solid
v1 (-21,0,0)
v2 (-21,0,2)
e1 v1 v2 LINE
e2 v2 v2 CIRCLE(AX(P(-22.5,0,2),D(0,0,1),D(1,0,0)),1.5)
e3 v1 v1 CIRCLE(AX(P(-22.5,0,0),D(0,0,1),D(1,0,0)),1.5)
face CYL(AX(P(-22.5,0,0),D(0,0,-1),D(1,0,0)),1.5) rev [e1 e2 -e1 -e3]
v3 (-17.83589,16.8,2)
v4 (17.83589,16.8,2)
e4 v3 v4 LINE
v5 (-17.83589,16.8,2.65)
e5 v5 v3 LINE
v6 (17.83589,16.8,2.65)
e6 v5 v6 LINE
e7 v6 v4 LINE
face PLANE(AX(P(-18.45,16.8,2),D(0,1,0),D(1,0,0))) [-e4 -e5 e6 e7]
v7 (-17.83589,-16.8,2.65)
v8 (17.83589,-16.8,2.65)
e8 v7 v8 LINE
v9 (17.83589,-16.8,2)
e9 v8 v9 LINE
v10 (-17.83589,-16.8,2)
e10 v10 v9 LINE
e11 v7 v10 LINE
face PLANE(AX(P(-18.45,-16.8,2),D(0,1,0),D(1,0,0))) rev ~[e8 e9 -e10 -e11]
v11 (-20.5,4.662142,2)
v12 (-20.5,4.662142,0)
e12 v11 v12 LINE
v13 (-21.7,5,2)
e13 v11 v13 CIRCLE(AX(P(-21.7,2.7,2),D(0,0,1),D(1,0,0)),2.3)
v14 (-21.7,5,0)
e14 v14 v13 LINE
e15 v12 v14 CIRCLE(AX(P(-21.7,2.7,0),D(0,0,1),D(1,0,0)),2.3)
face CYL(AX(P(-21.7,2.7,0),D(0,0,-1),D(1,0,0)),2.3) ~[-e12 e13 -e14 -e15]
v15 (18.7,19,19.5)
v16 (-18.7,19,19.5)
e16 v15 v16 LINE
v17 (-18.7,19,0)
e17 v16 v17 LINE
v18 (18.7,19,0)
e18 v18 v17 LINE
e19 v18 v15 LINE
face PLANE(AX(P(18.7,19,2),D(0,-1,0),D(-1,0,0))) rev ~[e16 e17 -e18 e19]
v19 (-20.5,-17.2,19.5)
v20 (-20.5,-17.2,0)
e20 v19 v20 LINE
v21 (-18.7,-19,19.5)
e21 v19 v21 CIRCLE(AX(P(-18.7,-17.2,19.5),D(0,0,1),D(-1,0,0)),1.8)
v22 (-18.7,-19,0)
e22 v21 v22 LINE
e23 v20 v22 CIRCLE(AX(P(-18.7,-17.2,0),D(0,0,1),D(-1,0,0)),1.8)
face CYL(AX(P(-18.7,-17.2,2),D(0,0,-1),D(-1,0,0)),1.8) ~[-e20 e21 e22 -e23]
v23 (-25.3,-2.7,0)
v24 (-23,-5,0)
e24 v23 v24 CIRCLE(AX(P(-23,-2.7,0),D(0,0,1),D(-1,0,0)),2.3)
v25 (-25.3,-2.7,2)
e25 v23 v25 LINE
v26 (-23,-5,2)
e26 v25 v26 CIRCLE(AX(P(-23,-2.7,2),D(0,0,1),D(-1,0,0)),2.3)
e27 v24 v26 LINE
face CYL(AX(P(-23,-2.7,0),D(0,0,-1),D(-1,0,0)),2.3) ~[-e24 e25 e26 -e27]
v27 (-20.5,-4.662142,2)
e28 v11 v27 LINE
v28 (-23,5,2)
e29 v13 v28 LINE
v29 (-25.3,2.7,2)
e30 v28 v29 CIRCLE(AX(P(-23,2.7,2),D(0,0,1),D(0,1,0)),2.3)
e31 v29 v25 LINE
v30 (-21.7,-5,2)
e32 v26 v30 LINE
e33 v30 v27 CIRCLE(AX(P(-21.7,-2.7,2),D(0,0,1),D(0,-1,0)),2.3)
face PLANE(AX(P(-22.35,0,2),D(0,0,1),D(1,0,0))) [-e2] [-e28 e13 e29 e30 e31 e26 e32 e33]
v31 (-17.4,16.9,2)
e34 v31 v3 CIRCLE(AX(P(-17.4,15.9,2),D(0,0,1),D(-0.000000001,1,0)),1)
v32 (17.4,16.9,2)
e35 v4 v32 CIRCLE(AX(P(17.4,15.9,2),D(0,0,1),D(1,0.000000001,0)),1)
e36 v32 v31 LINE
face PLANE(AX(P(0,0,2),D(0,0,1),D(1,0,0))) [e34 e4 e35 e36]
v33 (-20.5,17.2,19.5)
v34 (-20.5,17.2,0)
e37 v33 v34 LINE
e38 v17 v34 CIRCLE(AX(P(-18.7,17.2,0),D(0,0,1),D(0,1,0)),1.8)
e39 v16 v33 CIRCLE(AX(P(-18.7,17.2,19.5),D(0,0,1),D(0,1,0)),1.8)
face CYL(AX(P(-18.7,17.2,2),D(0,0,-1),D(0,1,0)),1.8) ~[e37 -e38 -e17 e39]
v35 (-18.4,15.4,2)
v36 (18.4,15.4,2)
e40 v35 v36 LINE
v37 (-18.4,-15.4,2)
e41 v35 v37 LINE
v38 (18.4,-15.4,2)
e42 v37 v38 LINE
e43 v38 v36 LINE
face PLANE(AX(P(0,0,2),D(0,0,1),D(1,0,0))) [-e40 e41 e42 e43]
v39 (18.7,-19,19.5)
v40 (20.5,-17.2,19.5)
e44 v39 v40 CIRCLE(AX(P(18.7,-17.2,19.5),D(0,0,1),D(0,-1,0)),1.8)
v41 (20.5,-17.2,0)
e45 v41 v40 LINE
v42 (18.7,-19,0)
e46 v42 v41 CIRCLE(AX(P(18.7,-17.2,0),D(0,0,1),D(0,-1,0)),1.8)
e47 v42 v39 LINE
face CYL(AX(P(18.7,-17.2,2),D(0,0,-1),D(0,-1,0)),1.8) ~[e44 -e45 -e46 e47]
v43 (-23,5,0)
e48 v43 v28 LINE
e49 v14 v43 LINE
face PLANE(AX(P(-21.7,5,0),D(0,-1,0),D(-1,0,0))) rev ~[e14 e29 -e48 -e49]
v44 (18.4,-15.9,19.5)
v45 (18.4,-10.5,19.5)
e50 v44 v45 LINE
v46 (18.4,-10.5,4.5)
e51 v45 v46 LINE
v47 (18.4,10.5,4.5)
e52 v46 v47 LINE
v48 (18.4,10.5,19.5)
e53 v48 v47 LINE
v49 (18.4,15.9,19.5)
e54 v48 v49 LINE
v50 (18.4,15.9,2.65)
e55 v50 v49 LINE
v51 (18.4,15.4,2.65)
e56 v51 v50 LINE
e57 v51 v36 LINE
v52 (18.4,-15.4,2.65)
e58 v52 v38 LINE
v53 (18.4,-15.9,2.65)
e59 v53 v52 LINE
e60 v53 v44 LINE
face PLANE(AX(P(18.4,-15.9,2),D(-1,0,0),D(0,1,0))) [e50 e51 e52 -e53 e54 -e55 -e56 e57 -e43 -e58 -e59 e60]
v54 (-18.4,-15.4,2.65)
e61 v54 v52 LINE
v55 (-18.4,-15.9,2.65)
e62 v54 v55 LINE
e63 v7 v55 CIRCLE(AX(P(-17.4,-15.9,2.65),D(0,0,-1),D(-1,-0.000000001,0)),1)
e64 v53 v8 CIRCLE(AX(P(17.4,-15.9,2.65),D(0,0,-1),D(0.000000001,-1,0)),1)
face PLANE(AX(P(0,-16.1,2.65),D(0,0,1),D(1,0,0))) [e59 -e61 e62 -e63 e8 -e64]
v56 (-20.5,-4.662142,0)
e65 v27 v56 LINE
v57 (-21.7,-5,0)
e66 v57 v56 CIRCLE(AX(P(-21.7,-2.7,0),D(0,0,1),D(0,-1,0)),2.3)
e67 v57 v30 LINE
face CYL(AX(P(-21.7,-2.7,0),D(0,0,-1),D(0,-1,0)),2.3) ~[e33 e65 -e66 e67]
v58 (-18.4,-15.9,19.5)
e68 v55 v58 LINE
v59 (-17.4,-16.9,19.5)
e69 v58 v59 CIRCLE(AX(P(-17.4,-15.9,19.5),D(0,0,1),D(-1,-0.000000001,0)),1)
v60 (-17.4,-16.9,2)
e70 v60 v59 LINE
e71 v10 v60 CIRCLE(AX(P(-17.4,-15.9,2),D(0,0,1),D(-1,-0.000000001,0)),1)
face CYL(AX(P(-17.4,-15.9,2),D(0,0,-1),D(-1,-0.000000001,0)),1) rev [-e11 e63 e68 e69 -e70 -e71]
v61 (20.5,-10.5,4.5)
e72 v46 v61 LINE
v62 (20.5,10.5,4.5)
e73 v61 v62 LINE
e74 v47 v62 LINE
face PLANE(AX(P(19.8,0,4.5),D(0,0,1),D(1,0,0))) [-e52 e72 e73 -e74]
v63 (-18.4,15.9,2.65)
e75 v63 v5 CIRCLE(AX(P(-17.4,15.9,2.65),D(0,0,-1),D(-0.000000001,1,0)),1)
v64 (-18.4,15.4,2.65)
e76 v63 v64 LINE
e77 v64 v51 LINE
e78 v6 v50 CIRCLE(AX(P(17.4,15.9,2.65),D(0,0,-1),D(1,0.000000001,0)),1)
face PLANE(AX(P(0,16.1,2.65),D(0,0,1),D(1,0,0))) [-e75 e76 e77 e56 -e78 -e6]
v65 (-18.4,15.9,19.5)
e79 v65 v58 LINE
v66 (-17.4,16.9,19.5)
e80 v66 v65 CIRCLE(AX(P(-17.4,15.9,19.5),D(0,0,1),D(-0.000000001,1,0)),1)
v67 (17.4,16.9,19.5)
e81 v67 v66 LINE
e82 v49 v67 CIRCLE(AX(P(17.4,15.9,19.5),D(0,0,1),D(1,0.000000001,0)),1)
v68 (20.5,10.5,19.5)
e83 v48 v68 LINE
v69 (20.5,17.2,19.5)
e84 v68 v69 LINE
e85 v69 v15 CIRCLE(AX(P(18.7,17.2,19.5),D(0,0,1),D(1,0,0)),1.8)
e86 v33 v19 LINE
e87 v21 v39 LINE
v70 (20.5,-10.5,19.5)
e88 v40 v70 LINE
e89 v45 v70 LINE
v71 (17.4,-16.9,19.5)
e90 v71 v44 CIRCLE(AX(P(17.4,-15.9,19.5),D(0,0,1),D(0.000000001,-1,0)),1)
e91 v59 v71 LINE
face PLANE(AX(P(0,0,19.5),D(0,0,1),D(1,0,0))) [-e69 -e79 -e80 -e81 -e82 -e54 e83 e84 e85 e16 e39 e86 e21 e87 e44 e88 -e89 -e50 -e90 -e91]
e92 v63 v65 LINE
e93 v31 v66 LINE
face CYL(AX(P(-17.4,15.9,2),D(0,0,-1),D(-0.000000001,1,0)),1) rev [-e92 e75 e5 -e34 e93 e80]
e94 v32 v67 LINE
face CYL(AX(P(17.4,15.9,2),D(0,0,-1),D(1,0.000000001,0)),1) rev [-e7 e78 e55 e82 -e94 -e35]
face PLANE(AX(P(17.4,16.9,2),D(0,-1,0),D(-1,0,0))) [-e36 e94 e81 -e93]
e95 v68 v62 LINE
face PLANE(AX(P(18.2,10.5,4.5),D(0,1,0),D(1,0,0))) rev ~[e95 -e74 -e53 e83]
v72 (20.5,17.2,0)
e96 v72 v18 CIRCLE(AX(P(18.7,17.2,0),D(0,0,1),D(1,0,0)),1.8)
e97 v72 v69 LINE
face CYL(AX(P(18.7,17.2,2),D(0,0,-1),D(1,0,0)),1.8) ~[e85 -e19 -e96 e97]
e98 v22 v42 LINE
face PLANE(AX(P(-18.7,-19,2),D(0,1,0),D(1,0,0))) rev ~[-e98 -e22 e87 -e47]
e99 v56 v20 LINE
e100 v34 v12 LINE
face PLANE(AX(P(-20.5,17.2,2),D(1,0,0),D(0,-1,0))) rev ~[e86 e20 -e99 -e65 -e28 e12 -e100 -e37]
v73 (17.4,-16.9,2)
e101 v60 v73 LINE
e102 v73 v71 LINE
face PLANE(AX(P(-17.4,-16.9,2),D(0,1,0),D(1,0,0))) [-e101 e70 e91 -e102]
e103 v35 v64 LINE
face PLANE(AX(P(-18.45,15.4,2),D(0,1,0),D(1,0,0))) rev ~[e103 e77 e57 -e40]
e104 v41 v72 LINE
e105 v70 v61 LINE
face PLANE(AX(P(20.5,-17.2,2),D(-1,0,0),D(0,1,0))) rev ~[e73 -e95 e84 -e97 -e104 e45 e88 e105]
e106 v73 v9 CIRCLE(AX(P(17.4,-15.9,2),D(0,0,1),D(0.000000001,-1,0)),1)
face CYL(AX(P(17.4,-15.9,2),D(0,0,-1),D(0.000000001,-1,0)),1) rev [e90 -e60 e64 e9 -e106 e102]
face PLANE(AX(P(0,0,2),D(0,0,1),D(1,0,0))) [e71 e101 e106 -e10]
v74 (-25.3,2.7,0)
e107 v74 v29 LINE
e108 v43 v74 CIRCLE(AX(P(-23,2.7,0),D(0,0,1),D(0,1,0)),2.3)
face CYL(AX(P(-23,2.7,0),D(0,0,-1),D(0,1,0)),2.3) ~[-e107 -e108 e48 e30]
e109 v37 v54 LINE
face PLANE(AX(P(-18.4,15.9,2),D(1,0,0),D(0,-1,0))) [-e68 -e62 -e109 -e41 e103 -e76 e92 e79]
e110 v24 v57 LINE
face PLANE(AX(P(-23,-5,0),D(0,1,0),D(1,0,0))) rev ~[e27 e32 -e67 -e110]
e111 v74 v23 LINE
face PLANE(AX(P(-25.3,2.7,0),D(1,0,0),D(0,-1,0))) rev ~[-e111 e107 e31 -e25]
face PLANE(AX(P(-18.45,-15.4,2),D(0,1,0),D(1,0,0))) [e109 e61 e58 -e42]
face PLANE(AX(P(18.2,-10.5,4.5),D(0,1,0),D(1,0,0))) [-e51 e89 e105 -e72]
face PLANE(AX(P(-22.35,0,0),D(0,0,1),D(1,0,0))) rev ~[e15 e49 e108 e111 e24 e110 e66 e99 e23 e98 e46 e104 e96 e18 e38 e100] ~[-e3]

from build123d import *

# Parameters (mm, degrees)
FACTORY_ABS_FLOOR_41X38_DEPTH       = 2
FACTORY_ABS_SIDEWALLS_START         = 2
FACTORY_ABS_SIDEWALLS_DEPTH         = 17.5
FACTORY_TERMINAL_OPENING_START      = 4.5
FACTORY_TERMINAL_OPENING_SKETCH_W   = 3.2
FACTORY_TERMINAL_OPENING_SKETCH_H   = 21
FACTORY_TERMINAL_OPENING_DEPTH      = 15
FACTORY_MOUNTING_EAR_DEPTH          = 2
FACTORY_EAR_REFERENCE_HOLE_SKETCH_R = 1.5
FACTORY_EAR_REFERENCE_HOLE_DEPTH    = 2
PCB_SUPPORT_LEDGES_START            = 2
PCB_SUPPORT_LEDGES_SKETCH_W         = 36.9
PCB_SUPPORT_LEDGES_SKETCH_H         = 1.4
PCB_SUPPORT_LEDGES_DEPTH            = 0.65


with BuildPart() as part:
    # Factory_ABS_floor_41x38_Sketch → Factory_ABS_floor_41x38 (new body)
    with BuildSketch(Plane.XY):
        with BuildLine():
            Line((-18.7, -19), (18.7, -19))
            ThreePointArc((18.7, -19), (19.972792206, -18.472792206), (20.5, -17.2))
            Line((20.5, -17.2), (20.5, 17.2))
            ThreePointArc((20.5, 17.2), (19.972792206, 18.472792206), (18.7, 19))
            Line((18.7, 19), (-18.7, 19))
            ThreePointArc((-18.7, 19), (-19.972792206, 18.472792206), (-20.5, 17.2))
            Line((-20.5, 17.2), (-20.5, -17.2))
            ThreePointArc((-20.5, -17.2), (-19.972792206, -18.472792206), (-18.7, -19))
        make_face()
    extrude(amount=FACTORY_ABS_FLOOR_41X38_DEPTH)

    # Factory_ABS_sidewalls_Sketch → Factory_ABS_sidewalls (add)
    with BuildSketch(Plane.XY.offset(FACTORY_ABS_SIDEWALLS_START)):
        with BuildLine():
            Line((-18.7, -19), (18.7, -19))
            ThreePointArc((18.7, -19), (19.972792206, -18.472792206), (20.5, -17.2))
            Line((20.5, -17.2), (20.5, 17.2))
            ThreePointArc((20.5, 17.2), (19.972792206, 18.472792206), (18.7, 19))
            Line((18.7, 19), (-18.7, 19))
            ThreePointArc((-18.7, 19), (-19.972792206, 18.472792206), (-20.5, 17.2))
            Line((-20.5, 17.2), (-20.5, -17.2))
            ThreePointArc((-20.5, -17.2), (-19.972792206, -18.472792206), (-18.7, -19))
        make_face()
        with BuildLine():
            Line((-17.4, -16.9), (17.4, -16.9))
            ThreePointArc((17.4, -16.9), (18.107106781, -16.607106781), (18.4, -15.9))
            Line((18.4, -15.9), (18.4, 15.9))
            ThreePointArc((18.4, 15.9), (18.107106781, 16.607106781), (17.4, 16.9))
            Line((17.4, 16.9), (-17.4, 16.9))
            ThreePointArc((-17.4, 16.9), (-18.107106781, 16.607106781), (-18.4, 15.9))
            Line((-18.4, 15.9), (-18.4, -15.9))
            ThreePointArc((-18.4, -15.9), (-18.107106781, -16.607106781), (-17.4, -16.9))
        make_face(mode=Mode.SUBTRACT)
    extrude(amount=FACTORY_ABS_SIDEWALLS_DEPTH)

    # Factory_terminal_opening_Sketch → Factory_terminal_opening (cut)
    with BuildSketch(Plane.XY.offset(FACTORY_TERMINAL_OPENING_START)):
        with Locations((19.8, 0)):
            Rectangle(FACTORY_TERMINAL_OPENING_SKETCH_W, FACTORY_TERMINAL_OPENING_SKETCH_H)
    extrude(amount=FACTORY_TERMINAL_OPENING_DEPTH, mode=Mode.SUBTRACT)

    # Factory_mounting_ear_Sketch → Factory_mounting_ear (add)
    with BuildSketch(Plane.XY):
        with BuildLine():
            Line((-23, -5), (-21.7, -5))
            ThreePointArc((-21.7, -5), (-20.073654403, -4.326345597), (-19.4, -2.7))
            Line((-19.4, -2.7), (-19.4, 2.7))
            ThreePointArc((-19.4, 2.7), (-20.073654403, 4.326345597), (-21.7, 5))
            Line((-21.7, 5), (-23, 5))
            ThreePointArc((-23, 5), (-24.626345597, 4.326345597), (-25.3, 2.7))
            Line((-25.3, 2.7), (-25.3, -2.7))
            ThreePointArc((-25.3, -2.7), (-24.626345597, -4.326345597), (-23, -5))
        make_face()
    extrude(amount=FACTORY_MOUNTING_EAR_DEPTH)

    # Factory_ear_reference_hole_Sketch → Factory_ear_reference_hole (cut)
    with BuildSketch(Plane.XY):
        with Locations((-22.5, 0)):
            Circle(FACTORY_EAR_REFERENCE_HOLE_SKETCH_R)
    extrude(amount=FACTORY_EAR_REFERENCE_HOLE_DEPTH, mode=Mode.SUBTRACT)

    # PCB_support_ledges_Sketch → PCB_support_ledges (add)
    with BuildSketch(Plane.XY.offset(PCB_SUPPORT_LEDGES_START)):
        with Locations((0, -16.1)):
            Rectangle(PCB_SUPPORT_LEDGES_SKETCH_W, PCB_SUPPORT_LEDGES_SKETCH_H)
        with Locations((0, 16.1)):
            Rectangle(PCB_SUPPORT_LEDGES_SKETCH_W, PCB_SUPPORT_LEDGES_SKETCH_H)
    extrude(amount=PCB_SUPPORT_LEDGES_DEPTH)


solid = part.part
